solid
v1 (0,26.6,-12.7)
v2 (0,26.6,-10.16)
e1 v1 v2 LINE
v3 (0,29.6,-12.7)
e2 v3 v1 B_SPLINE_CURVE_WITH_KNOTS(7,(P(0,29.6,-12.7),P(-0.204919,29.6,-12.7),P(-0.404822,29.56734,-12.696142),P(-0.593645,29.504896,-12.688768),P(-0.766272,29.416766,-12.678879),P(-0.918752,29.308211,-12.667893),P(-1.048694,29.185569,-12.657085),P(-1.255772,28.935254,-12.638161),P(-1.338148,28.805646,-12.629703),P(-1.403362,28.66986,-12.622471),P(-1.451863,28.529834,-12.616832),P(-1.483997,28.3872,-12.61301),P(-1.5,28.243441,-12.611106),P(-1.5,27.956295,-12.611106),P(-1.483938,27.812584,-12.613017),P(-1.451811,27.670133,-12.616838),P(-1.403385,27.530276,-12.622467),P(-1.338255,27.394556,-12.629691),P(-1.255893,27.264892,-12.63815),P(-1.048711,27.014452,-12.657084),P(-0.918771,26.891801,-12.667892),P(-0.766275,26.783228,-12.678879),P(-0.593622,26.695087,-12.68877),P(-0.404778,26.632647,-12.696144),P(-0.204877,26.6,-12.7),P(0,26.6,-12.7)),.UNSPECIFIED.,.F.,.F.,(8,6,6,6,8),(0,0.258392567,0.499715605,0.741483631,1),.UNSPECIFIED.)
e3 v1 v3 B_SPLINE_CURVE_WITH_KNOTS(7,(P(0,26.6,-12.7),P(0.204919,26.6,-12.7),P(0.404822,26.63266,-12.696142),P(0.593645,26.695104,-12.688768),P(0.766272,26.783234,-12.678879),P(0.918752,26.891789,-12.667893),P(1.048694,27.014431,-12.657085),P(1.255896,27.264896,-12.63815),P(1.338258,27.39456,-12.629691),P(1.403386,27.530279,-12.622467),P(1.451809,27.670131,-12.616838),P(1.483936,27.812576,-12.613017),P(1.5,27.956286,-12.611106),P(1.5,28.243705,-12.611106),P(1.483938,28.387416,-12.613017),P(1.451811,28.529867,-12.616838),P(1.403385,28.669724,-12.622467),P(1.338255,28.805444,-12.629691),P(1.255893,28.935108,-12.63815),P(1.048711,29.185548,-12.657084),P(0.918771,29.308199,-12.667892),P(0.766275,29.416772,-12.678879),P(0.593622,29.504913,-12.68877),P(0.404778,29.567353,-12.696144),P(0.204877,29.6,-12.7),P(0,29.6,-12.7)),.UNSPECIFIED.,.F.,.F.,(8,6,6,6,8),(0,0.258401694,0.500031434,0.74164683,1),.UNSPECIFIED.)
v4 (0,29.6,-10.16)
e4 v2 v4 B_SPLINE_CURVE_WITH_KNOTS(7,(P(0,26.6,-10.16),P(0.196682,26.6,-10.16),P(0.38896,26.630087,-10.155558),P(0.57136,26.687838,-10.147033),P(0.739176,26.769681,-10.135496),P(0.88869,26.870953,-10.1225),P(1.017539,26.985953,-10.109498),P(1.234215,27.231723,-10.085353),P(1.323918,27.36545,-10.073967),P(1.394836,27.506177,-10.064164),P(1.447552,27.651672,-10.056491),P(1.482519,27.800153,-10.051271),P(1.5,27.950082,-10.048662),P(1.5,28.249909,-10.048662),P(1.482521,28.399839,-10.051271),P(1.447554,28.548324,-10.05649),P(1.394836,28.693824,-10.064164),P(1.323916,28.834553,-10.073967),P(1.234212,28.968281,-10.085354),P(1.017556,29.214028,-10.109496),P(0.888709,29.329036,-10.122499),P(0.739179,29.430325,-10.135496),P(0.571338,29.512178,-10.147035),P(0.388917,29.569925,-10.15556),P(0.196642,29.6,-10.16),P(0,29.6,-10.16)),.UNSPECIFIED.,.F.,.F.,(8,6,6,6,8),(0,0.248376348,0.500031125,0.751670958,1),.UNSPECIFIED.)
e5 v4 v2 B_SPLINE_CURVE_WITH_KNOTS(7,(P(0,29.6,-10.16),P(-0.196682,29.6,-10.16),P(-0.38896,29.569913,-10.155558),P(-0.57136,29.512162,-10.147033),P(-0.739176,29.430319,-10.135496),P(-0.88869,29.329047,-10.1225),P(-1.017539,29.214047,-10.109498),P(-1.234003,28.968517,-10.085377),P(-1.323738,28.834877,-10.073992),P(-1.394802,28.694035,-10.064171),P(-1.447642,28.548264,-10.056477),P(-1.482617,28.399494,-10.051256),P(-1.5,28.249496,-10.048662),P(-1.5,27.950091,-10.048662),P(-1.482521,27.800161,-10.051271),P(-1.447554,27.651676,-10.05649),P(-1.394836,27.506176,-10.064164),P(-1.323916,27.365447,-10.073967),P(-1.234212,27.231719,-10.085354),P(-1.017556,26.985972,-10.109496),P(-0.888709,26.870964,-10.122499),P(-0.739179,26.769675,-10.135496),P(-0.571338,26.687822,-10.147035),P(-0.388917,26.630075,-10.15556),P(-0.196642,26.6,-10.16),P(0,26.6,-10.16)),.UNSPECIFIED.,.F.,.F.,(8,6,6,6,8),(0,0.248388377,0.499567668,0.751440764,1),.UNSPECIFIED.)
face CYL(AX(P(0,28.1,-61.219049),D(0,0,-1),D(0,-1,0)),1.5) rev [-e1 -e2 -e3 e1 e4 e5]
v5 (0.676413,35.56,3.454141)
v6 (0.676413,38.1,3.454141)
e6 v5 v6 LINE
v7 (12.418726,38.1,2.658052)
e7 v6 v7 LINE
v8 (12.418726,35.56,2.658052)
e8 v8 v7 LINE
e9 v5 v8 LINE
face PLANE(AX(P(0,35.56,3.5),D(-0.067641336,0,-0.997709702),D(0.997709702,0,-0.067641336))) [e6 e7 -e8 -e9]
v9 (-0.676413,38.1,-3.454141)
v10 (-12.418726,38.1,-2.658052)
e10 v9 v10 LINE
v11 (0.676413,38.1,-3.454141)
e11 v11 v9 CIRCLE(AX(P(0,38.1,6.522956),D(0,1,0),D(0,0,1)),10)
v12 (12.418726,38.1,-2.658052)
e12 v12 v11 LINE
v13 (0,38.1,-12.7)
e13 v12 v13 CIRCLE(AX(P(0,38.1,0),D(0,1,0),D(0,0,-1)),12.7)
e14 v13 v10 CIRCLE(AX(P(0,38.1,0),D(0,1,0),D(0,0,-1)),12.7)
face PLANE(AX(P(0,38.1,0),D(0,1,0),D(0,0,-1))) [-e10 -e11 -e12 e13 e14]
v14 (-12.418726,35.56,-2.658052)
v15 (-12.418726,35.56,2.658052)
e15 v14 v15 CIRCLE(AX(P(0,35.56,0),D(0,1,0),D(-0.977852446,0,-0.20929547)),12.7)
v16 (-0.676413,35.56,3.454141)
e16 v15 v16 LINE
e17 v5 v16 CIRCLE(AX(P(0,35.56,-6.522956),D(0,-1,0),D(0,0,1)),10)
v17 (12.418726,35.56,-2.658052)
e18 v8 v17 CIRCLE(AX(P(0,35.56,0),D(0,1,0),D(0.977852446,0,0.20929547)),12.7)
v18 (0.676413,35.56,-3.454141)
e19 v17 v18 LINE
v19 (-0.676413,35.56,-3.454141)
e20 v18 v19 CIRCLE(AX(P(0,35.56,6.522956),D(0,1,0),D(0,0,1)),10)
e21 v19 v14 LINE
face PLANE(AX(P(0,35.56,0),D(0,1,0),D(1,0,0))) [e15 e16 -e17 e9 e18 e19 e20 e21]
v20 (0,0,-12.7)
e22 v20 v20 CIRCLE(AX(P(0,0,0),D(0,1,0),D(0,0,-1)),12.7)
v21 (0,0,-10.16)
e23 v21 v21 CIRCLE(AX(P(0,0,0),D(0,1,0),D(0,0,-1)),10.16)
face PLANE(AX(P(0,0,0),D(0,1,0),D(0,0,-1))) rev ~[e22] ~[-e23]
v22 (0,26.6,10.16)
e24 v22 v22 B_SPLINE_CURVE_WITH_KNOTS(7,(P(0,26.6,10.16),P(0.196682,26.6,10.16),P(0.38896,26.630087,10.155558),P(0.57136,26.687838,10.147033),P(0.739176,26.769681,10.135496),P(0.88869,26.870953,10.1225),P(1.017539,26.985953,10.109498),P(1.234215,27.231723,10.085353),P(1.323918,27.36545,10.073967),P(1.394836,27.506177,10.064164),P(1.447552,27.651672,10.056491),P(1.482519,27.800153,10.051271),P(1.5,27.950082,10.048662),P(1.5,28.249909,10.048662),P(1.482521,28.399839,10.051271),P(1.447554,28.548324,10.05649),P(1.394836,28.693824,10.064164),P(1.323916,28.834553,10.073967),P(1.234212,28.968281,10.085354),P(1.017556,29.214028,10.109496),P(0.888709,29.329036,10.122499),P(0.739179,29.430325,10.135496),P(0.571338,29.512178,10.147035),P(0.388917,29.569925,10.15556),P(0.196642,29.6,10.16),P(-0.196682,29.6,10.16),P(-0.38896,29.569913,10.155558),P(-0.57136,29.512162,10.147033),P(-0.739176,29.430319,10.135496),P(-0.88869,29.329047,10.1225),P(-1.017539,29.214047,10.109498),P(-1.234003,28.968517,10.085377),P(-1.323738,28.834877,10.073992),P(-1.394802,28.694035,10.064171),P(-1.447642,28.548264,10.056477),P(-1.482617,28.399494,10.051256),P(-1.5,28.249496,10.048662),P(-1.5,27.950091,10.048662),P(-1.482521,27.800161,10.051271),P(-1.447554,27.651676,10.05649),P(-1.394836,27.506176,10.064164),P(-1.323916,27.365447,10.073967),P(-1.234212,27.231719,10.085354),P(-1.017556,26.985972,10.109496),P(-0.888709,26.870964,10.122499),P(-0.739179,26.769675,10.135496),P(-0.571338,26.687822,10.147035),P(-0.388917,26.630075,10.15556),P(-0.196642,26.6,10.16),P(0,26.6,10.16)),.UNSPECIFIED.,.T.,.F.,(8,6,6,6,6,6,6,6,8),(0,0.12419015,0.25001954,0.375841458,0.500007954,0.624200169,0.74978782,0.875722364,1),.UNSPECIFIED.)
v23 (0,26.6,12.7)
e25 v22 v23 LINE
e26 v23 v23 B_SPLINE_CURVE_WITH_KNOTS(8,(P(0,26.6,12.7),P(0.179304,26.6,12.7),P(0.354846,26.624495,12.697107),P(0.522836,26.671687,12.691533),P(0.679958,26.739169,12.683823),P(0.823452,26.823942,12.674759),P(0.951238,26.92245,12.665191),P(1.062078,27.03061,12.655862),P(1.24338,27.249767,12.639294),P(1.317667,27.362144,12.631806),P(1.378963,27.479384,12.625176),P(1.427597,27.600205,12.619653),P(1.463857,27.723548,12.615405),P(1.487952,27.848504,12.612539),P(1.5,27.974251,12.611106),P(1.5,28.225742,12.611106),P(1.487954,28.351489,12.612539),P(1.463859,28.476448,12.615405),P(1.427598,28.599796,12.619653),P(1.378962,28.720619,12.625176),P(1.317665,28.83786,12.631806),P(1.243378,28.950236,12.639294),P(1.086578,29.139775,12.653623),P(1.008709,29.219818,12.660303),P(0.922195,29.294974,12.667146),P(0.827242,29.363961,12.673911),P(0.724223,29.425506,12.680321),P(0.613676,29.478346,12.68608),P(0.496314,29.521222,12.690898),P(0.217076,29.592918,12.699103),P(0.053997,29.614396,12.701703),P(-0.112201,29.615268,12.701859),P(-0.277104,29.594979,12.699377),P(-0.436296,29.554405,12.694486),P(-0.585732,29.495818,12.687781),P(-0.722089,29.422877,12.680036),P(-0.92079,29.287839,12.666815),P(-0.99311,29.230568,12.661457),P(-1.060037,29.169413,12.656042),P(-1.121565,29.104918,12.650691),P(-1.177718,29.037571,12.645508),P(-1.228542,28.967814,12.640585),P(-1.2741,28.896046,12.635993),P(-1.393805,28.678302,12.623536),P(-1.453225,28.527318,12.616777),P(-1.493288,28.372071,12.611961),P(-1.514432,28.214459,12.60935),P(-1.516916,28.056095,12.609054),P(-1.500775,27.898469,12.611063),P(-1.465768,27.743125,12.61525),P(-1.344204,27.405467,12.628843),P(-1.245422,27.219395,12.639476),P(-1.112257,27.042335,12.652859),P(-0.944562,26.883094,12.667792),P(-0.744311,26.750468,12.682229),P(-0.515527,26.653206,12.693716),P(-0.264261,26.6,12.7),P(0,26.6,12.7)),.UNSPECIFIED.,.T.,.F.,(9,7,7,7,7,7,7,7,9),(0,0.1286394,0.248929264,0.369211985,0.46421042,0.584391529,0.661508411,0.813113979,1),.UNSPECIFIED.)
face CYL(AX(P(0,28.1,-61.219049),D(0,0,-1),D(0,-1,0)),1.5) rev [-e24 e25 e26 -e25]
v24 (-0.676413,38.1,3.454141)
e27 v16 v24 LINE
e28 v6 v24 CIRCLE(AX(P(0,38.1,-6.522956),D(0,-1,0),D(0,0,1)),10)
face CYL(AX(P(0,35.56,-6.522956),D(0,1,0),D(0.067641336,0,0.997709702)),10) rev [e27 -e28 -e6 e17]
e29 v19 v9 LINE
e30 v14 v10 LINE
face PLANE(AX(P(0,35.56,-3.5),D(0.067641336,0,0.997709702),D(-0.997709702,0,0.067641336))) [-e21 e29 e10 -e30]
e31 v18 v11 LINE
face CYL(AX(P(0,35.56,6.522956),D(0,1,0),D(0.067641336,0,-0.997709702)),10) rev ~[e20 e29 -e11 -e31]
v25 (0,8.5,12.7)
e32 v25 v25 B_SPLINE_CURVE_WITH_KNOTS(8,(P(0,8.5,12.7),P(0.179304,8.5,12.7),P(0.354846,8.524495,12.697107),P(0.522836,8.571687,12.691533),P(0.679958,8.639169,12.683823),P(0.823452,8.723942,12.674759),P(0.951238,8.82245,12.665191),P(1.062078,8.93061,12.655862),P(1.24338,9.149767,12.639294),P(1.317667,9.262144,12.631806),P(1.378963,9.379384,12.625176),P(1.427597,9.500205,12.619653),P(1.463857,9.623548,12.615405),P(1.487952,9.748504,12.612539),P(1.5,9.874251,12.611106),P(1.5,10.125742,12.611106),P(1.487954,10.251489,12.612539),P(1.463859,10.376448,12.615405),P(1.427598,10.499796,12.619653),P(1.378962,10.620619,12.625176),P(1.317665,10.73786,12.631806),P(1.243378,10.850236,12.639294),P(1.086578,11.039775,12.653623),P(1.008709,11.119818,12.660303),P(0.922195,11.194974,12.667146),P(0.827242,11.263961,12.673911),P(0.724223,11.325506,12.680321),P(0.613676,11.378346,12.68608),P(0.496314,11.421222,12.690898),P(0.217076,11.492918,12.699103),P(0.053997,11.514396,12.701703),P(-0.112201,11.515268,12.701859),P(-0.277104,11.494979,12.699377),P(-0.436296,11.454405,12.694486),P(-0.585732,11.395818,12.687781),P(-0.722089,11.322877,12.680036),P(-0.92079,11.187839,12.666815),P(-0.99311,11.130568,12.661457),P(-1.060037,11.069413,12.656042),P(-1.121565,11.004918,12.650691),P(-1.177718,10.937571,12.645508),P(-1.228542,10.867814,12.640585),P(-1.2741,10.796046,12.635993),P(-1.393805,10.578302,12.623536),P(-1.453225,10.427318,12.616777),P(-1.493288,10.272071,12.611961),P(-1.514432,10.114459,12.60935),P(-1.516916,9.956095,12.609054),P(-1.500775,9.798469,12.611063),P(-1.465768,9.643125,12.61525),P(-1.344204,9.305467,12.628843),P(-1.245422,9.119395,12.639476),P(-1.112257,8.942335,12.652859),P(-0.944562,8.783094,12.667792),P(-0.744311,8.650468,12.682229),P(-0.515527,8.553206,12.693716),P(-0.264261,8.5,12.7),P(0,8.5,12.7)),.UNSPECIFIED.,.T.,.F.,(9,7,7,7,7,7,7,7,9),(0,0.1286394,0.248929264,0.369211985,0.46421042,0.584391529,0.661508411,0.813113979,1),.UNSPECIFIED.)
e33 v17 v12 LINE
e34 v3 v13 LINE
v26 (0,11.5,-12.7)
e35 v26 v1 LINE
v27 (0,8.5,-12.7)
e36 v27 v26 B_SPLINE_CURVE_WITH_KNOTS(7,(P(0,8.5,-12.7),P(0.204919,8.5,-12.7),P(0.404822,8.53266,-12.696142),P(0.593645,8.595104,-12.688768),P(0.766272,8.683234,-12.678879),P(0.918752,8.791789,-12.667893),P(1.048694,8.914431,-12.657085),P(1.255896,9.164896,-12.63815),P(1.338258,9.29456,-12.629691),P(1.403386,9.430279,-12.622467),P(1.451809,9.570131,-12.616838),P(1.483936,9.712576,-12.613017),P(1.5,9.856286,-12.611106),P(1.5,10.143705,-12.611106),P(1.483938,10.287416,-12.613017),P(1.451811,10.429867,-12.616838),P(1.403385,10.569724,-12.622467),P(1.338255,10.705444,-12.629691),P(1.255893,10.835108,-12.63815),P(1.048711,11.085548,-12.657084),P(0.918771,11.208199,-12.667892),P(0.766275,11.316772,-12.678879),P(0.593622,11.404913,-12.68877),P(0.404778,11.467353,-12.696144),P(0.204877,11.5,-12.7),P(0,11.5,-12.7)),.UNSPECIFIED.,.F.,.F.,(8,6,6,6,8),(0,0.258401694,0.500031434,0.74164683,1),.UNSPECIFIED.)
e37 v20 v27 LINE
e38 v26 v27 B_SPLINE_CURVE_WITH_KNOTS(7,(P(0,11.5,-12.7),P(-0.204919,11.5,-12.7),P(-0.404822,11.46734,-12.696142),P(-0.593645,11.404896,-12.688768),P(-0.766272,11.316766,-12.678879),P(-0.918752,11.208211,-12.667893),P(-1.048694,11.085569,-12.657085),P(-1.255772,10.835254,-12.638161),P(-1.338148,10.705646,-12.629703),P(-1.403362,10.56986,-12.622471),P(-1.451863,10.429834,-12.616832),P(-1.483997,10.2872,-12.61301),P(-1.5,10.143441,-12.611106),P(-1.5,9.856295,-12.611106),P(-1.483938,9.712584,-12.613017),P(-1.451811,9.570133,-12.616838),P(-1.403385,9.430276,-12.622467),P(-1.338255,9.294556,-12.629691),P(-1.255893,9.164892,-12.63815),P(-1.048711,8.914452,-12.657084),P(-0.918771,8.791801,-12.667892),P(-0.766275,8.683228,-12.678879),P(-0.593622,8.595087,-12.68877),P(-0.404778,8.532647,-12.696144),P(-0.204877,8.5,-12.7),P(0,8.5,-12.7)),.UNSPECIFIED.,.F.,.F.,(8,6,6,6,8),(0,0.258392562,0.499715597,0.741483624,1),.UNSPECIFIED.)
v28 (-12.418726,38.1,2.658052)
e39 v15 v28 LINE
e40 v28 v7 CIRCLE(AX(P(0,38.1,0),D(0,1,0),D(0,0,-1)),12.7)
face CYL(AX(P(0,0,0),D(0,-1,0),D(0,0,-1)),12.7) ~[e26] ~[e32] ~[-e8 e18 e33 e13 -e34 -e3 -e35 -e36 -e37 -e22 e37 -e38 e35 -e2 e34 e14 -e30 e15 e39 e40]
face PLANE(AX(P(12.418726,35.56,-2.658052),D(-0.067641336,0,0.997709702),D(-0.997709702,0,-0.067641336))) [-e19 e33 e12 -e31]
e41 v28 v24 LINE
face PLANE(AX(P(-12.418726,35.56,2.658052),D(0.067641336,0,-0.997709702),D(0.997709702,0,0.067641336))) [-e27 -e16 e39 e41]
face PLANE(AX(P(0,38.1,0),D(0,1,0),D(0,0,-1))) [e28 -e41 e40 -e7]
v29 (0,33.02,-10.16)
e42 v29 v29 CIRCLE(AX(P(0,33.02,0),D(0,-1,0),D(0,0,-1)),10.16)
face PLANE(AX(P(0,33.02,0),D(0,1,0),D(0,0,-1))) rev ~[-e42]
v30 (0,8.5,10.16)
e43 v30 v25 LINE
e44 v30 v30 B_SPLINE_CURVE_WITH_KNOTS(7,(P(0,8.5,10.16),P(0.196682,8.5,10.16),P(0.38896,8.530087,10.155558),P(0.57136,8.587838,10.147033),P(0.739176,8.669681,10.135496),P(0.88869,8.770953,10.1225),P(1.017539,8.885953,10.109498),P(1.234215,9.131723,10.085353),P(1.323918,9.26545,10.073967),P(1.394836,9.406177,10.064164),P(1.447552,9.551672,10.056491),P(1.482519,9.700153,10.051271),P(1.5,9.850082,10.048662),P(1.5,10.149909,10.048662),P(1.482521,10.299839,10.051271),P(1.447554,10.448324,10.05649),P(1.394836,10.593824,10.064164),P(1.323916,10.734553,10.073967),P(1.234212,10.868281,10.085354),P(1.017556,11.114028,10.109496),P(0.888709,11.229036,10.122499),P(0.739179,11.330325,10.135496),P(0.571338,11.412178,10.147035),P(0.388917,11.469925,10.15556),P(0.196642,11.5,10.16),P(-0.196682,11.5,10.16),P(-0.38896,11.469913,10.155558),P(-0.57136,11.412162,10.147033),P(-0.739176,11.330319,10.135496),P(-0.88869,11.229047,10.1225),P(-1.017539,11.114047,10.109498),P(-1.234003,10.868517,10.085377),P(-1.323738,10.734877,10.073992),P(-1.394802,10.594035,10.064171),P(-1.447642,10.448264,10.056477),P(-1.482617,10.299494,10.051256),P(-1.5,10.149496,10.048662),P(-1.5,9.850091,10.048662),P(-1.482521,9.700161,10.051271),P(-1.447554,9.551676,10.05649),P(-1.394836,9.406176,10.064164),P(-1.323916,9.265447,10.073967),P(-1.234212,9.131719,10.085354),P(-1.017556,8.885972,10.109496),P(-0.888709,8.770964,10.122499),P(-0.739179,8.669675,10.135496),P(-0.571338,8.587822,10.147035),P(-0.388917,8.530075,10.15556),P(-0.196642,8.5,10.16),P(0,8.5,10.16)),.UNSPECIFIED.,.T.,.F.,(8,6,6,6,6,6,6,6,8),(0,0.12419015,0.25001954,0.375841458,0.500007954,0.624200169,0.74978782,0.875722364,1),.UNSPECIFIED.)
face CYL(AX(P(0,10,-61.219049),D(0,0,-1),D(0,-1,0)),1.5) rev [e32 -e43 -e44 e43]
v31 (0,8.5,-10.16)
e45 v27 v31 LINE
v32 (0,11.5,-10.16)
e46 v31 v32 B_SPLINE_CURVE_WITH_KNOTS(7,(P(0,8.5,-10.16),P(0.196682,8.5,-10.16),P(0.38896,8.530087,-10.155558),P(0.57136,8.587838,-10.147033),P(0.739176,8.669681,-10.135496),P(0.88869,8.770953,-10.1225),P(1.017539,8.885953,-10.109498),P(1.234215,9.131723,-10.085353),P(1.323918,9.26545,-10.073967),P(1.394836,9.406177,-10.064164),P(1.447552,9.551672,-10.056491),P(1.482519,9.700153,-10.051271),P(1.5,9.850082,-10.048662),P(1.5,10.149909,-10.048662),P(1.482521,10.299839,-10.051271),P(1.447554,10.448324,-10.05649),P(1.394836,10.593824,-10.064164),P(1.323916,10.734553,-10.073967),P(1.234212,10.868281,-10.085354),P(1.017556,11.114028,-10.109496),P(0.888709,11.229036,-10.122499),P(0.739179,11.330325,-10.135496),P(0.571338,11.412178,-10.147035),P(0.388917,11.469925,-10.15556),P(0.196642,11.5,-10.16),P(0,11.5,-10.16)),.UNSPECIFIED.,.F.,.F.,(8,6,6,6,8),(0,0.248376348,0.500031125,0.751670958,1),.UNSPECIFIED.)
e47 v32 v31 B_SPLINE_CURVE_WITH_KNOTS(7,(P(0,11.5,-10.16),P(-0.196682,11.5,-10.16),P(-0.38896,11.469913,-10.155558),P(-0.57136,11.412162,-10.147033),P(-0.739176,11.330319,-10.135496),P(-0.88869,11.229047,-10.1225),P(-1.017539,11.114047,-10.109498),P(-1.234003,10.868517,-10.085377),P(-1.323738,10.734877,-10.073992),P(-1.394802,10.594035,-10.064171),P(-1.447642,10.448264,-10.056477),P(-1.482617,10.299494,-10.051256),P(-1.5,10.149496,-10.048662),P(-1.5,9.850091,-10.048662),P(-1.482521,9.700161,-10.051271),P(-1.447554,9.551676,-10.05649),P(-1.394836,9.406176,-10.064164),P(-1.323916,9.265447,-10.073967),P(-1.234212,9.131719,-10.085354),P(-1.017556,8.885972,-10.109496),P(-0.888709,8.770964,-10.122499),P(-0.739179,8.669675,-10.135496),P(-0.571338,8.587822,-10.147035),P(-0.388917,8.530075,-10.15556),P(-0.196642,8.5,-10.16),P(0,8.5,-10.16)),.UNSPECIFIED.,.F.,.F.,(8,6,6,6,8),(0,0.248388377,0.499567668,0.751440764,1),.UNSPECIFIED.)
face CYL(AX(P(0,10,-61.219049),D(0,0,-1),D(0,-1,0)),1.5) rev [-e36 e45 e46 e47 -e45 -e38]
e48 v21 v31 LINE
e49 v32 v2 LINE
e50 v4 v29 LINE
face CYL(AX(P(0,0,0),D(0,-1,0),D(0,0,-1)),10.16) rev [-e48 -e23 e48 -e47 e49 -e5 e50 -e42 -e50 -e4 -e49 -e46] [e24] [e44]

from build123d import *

# Parameters (mm, degrees)
SKETCH1_R               = 12.7
SKETCH1_R_2             = 10.16
BOSS_EXTRUDE1_DEPTH     = 38.1
BOSS_EXTRUDE2_START     = -5.08
SKETCH2_R               = 12.7
BOSS_EXTRUDE2_DEPTH     = 5.08
CUT_EXTRUDE1_START      = -2.54
CUT_EXTRUDE1_DEPTH      = 2.54
FILLET1_R               = 10
CUT_EXTRUDE2_DEPTH      = 48.519048812
CUT_EXTRUDE2_DEPTH_BACK = 48.519048812
SKETCH5_R               = 1.5


with BuildPart() as part:
    # Sketch1 → Boss-Extrude1 (new body)
    with BuildSketch(Plane(origin=(0, 0, 0), x_dir=(1, 0, 0), z_dir=(0, 1, 0))):
        with Locations(Location((0, 0, 0), (0, 0, 90))):
            Circle(SKETCH1_R)
        with Locations(Location((0, 0, 0), (0, 0, 90))):
            Circle(SKETCH1_R_2, mode=Mode.SUBTRACT)
    extrude(amount=BOSS_EXTRUDE1_DEPTH)

    # Sketch2 → Boss-Extrude2 (add)
    with BuildSketch(Plane(origin=(0, 38.1, 0), x_dir=(1, 0, 0), z_dir=(0, 1, 0)).offset(BOSS_EXTRUDE2_START)):
        with Locations(Location((0, 0, 0), (0, 0, 90))):
            Circle(SKETCH2_R)
    extrude(amount=BOSS_EXTRUDE2_DEPTH)

    # Sketch3 → Cut-Extrude1 (cut)
    with BuildSketch(Plane(origin=(0, 38.1, 0), x_dir=(1, 0, 0), z_dir=(0, 1, 0)).offset(CUT_EXTRUDE1_START)):
        with BuildLine():
            Line((0, 3.5), (-12.418726065, 2.65805247))
            ThreePointArc((-12.418726065, 2.65805247), (-12.7, 0), (-12.418726065, -2.65805247))
            Line((-12.418726065, -2.65805247), (0, -3.5))
            Line((0, -3.5), (12.418726065, -2.65805247))
            ThreePointArc((12.418726065, -2.65805247), (12.7, 0), (12.418726065, 2.65805247))
            Line((12.418726065, 2.65805247), (0, 3.5))
        make_face()
    extrude(amount=CUT_EXTRUDE1_DEPTH, mode=Mode.SUBTRACT)

    # Fillet1
    fillet1_edges = [part.edges().sort_by_distance(p)[0] for p in [
        (0, 36.83, 3.5),
        (0, 36.83, -3.5),
    ]]
    fillet(fillet1_edges, radius=FILLET1_R)

    # Sketch5 → Cut-Extrude2 (cut, two sides: drawn at the far end of the back side and taken through both)
    with BuildSketch(Plane.XY.offset(-12.7).offset(-CUT_EXTRUDE2_DEPTH_BACK)):
        with Locations(Location((0, 28.1, 0), (0, 0, 270.000000018))):
            Circle(SKETCH5_R)
        with Locations(Location((0, 10, 0), (0, 0, 270.000000018))):
            Circle(SKETCH5_R)
    extrude(amount=CUT_EXTRUDE2_DEPTH + CUT_EXTRUDE2_DEPTH_BACK, mode=Mode.SUBTRACT)


solid = part.part
